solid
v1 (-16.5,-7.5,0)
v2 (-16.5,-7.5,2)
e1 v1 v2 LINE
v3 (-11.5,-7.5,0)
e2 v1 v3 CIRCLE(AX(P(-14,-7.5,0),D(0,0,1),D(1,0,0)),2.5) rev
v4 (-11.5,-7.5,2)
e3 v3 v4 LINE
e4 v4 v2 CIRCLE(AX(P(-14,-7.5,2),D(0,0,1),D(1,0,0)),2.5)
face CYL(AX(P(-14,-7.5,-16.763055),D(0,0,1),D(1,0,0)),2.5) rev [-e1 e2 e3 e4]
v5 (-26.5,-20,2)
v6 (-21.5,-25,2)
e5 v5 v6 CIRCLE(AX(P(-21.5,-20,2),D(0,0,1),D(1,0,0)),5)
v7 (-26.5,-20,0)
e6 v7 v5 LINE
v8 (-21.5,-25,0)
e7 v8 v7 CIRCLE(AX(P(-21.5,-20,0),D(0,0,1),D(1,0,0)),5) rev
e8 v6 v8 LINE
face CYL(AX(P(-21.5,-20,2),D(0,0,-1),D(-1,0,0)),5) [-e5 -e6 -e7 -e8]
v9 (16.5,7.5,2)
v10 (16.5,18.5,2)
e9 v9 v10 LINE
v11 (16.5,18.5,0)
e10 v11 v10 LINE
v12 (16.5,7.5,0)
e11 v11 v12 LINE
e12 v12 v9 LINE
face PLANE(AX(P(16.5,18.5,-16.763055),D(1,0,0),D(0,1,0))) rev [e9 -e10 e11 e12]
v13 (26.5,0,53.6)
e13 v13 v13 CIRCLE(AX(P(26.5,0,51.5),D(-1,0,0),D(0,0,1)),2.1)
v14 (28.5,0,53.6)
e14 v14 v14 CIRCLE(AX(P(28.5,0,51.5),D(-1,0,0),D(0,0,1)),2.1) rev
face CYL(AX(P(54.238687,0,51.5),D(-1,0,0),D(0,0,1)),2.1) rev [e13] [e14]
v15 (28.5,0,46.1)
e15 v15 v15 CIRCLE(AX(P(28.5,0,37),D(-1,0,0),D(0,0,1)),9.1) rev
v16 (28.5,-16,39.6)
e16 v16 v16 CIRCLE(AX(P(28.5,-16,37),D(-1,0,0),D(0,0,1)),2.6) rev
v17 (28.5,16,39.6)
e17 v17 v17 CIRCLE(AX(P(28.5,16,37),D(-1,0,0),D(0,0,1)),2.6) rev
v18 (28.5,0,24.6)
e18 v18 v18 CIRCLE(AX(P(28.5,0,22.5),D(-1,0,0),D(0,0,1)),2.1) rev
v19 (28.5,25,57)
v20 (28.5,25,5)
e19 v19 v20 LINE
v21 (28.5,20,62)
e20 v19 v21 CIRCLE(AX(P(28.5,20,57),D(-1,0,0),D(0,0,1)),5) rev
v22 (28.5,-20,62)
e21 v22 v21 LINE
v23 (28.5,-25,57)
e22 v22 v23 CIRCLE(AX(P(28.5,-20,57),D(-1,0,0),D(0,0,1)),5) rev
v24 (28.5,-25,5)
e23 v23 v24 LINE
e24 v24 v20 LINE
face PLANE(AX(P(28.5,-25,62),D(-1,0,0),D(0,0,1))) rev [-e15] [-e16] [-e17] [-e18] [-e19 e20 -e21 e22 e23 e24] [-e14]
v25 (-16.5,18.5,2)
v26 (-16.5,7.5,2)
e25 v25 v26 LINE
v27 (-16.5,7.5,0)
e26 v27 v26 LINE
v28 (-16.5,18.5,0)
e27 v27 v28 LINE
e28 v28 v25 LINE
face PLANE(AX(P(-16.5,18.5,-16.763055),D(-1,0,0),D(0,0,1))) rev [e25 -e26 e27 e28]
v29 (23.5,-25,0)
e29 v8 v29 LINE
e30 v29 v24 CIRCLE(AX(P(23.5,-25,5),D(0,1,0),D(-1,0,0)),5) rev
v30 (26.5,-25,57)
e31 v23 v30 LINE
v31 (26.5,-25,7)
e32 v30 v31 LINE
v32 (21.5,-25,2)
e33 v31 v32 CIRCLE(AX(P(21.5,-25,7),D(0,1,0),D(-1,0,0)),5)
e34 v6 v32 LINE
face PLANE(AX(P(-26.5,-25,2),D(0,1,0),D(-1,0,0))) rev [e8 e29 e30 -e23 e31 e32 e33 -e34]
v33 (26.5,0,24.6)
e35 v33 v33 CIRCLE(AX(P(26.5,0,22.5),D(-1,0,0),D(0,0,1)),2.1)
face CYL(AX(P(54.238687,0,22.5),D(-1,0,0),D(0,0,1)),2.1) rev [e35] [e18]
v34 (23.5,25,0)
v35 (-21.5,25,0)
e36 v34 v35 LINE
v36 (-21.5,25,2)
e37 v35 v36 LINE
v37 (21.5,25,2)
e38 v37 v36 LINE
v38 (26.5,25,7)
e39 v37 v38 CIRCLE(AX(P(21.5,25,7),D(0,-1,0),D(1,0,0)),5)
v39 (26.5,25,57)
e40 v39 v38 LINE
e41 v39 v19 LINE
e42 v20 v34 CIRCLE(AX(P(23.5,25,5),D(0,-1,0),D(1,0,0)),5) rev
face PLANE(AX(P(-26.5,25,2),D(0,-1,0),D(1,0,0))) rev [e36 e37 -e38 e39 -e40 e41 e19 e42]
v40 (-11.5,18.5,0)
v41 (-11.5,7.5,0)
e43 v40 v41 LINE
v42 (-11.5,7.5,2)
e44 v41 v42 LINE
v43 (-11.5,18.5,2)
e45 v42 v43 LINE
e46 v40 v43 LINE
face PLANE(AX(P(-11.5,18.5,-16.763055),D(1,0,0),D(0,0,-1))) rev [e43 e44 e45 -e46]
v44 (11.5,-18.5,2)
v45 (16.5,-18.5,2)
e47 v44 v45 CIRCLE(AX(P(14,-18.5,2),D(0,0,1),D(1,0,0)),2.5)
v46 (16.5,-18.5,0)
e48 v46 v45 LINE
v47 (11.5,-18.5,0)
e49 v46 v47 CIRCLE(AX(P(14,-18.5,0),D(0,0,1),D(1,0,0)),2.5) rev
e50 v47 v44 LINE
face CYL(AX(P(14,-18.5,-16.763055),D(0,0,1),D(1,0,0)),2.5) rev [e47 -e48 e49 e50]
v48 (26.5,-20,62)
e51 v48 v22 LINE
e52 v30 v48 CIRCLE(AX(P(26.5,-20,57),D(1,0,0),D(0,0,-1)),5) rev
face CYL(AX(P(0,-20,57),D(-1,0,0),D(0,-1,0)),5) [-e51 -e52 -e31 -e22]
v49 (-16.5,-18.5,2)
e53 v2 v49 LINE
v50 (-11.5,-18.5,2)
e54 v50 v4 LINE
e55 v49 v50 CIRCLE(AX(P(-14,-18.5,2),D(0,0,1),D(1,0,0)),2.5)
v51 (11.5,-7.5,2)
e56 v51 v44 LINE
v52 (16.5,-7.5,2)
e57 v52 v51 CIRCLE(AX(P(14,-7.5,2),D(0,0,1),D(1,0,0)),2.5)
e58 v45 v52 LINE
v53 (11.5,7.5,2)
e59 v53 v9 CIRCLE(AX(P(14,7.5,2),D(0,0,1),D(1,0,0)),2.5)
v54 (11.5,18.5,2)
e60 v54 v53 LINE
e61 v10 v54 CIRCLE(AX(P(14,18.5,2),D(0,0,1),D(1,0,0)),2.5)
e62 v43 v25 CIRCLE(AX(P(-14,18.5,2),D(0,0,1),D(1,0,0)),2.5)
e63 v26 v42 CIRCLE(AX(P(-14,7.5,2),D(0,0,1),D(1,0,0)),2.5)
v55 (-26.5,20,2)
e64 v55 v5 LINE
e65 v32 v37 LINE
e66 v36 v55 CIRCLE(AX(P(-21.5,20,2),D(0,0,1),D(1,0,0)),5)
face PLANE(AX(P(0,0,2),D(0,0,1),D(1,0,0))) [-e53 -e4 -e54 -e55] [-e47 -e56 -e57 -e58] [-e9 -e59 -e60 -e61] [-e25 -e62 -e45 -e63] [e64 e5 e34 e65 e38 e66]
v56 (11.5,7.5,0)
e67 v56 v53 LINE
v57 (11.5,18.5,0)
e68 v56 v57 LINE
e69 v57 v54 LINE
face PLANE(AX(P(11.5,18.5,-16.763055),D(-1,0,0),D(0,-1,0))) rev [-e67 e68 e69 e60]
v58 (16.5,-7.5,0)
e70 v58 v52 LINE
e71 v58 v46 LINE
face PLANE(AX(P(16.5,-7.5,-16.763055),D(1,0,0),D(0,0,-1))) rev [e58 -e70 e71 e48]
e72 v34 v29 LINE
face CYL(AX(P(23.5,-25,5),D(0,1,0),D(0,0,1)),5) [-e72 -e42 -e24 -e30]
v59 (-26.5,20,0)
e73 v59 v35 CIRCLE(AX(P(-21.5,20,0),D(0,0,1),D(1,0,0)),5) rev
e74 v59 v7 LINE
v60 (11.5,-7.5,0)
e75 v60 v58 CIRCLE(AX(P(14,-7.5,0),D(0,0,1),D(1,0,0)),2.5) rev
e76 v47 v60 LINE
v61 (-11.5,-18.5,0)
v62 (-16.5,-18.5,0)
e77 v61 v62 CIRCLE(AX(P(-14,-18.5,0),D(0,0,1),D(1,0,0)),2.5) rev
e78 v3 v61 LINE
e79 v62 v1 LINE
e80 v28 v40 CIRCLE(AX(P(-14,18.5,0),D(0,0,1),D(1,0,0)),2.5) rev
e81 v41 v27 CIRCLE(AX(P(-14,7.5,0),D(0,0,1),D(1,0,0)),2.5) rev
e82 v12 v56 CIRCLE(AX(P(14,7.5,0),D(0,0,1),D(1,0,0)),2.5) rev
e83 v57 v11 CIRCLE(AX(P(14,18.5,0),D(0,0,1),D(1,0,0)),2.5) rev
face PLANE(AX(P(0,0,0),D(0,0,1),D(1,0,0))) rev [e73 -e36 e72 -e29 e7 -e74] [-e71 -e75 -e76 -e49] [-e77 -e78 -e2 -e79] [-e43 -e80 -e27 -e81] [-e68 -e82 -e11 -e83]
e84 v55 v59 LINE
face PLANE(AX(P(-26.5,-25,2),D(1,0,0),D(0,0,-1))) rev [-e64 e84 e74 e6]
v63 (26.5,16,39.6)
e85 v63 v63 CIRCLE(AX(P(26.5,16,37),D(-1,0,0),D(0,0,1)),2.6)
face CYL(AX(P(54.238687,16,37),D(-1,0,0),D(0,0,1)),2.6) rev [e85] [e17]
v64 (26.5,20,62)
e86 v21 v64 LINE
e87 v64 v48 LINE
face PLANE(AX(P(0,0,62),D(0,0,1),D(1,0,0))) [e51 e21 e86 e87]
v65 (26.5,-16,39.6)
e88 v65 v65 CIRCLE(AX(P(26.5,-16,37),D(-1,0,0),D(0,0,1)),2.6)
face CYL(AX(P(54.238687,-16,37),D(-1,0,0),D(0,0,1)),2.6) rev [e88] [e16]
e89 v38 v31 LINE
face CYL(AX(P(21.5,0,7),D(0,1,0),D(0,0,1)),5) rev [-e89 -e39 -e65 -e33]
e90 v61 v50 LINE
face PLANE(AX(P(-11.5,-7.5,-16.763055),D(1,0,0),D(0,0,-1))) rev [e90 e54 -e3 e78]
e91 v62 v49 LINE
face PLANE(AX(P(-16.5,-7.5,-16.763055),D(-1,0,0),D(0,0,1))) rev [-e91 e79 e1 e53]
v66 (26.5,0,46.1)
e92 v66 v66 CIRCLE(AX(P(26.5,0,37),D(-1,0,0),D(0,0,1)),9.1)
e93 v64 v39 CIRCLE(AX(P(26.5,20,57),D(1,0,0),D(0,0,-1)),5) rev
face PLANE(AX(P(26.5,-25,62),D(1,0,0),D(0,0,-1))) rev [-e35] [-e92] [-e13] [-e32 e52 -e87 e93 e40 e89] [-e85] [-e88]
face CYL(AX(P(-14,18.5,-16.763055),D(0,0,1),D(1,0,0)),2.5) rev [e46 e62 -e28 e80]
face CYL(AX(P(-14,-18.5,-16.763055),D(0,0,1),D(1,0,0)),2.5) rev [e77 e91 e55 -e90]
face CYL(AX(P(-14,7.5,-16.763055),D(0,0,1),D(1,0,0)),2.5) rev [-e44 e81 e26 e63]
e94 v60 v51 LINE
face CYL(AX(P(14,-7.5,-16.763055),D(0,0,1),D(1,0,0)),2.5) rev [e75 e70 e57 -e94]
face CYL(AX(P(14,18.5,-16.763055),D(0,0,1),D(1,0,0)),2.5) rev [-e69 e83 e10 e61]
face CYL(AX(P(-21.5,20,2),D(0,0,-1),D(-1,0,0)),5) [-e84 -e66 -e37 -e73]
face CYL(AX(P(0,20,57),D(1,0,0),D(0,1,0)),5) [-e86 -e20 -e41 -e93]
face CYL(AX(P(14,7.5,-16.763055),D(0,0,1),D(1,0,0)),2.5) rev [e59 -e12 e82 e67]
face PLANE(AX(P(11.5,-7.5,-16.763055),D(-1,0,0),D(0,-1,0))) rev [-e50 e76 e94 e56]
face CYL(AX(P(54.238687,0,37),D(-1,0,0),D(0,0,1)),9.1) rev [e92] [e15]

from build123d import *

# Parameters (mm, degrees)
SKETCH1_W           = 50
SKETCH1_H           = 53
BOSS_EXTRUDE1_DEPTH = 2
SKETCH2_W           = 50
SKETCH2_H           = 2
BOSS_EXTRUDE2_DEPTH = 62
SKETCH3_R           = 9.1
SKETCH3_R_2         = 2.6
SKETCH3_R_3         = 2.1
CUT_EXTRUDE1_DEPTH  = 2
CUT_EXTRUDE2_DEPTH  = 2
FILLET1_R           = 5


with BuildPart() as part:
    # Sketch1 → Boss-Extrude1 (new body)
    with BuildSketch(Plane(origin=(0, 0, 0), x_dir=(0, 1, 0), z_dir=(0, 0, 1))):
        Rectangle(SKETCH1_W, SKETCH1_H)
    extrude(amount=BOSS_EXTRUDE1_DEPTH)

    # Sketch2 → Boss-Extrude2 (add)
    with BuildSketch(Plane(origin=(0, 0, 0), x_dir=(0, 1, 0), z_dir=(0, 0, 1))):
        with Locations((0, -27.5)):
            Rectangle(SKETCH2_W, SKETCH2_H)
    extrude(amount=BOSS_EXTRUDE2_DEPTH)

    # Sketch3 → Cut-Extrude1 (cut)
    with BuildSketch(Plane(origin=(26.5, 0, 0), x_dir=(0, -1, 0), z_dir=(-1, 0, 0))):
        with Locations((0, 37)):
            Circle(SKETCH3_R)
        with Locations((16, 37)):
            Circle(SKETCH3_R_2)
        with Locations((-16, 37)):
            Circle(SKETCH3_R_2)
        with Locations((0, 51.5)):
            Circle(SKETCH3_R_3)
        with Locations((0, 22.5)):
            Circle(SKETCH3_R_3)
    extrude(amount=-CUT_EXTRUDE1_DEPTH, mode=Mode.SUBTRACT)

    # Sketch4 → Cut-Extrude2 (cut)
    with BuildSketch(Plane.XY.offset(2)):
        with BuildLine():
            Line((-11.5, 18.5), (-11.5, 7.5))
            ThreePointArc((-11.5, 7.5), (-14, 5), (-16.5, 7.5))
            Line((-16.5, 7.5), (-16.5, 18.5))
            ThreePointArc((-16.5, 18.5), (-14, 21), (-11.5, 18.5))
        make_face()
        with BuildLine():
            Line((-11.5, -7.5), (-11.5, -18.5))
            ThreePointArc((-11.5, -18.5), (-14, -21), (-16.5, -18.5))
            Line((-16.5, -18.5), (-16.5, -7.5))
            ThreePointArc((-16.5, -7.5), (-14, -5), (-11.5, -7.5))
        make_face()
        with BuildLine():
            Line((16.5, 18.5), (16.5, 7.5))
            ThreePointArc((16.5, 7.5), (14, 5), (11.5, 7.5))
            Line((11.5, 7.5), (11.5, 18.5))
            ThreePointArc((11.5, 18.5), (14, 21), (16.5, 18.5))
        make_face()
        with BuildLine():
            Line((16.5, -7.5), (16.5, -18.5))
            ThreePointArc((16.5, -18.5), (14, -21), (11.5, -18.5))
            Line((11.5, -18.5), (11.5, -7.5))
            ThreePointArc((11.5, -7.5), (14, -5), (16.5, -7.5))
        make_face()
    extrude(amount=-CUT_EXTRUDE2_DEPTH, mode=Mode.SUBTRACT)

    # Fillet1
    fillet1_edges = [part.edges().sort_by_distance(p)[0] for p in [
        (28.5, 0, 0),
        (27.5, -25, 62),
        (26.5, 0, 2),
        (27.5, 25, 62),
        (-26.5, -25, 1),
        (-26.5, 25, 1),
    ]]
    fillet(fillet1_edges, radius=FILLET1_R)


solid = part.part
